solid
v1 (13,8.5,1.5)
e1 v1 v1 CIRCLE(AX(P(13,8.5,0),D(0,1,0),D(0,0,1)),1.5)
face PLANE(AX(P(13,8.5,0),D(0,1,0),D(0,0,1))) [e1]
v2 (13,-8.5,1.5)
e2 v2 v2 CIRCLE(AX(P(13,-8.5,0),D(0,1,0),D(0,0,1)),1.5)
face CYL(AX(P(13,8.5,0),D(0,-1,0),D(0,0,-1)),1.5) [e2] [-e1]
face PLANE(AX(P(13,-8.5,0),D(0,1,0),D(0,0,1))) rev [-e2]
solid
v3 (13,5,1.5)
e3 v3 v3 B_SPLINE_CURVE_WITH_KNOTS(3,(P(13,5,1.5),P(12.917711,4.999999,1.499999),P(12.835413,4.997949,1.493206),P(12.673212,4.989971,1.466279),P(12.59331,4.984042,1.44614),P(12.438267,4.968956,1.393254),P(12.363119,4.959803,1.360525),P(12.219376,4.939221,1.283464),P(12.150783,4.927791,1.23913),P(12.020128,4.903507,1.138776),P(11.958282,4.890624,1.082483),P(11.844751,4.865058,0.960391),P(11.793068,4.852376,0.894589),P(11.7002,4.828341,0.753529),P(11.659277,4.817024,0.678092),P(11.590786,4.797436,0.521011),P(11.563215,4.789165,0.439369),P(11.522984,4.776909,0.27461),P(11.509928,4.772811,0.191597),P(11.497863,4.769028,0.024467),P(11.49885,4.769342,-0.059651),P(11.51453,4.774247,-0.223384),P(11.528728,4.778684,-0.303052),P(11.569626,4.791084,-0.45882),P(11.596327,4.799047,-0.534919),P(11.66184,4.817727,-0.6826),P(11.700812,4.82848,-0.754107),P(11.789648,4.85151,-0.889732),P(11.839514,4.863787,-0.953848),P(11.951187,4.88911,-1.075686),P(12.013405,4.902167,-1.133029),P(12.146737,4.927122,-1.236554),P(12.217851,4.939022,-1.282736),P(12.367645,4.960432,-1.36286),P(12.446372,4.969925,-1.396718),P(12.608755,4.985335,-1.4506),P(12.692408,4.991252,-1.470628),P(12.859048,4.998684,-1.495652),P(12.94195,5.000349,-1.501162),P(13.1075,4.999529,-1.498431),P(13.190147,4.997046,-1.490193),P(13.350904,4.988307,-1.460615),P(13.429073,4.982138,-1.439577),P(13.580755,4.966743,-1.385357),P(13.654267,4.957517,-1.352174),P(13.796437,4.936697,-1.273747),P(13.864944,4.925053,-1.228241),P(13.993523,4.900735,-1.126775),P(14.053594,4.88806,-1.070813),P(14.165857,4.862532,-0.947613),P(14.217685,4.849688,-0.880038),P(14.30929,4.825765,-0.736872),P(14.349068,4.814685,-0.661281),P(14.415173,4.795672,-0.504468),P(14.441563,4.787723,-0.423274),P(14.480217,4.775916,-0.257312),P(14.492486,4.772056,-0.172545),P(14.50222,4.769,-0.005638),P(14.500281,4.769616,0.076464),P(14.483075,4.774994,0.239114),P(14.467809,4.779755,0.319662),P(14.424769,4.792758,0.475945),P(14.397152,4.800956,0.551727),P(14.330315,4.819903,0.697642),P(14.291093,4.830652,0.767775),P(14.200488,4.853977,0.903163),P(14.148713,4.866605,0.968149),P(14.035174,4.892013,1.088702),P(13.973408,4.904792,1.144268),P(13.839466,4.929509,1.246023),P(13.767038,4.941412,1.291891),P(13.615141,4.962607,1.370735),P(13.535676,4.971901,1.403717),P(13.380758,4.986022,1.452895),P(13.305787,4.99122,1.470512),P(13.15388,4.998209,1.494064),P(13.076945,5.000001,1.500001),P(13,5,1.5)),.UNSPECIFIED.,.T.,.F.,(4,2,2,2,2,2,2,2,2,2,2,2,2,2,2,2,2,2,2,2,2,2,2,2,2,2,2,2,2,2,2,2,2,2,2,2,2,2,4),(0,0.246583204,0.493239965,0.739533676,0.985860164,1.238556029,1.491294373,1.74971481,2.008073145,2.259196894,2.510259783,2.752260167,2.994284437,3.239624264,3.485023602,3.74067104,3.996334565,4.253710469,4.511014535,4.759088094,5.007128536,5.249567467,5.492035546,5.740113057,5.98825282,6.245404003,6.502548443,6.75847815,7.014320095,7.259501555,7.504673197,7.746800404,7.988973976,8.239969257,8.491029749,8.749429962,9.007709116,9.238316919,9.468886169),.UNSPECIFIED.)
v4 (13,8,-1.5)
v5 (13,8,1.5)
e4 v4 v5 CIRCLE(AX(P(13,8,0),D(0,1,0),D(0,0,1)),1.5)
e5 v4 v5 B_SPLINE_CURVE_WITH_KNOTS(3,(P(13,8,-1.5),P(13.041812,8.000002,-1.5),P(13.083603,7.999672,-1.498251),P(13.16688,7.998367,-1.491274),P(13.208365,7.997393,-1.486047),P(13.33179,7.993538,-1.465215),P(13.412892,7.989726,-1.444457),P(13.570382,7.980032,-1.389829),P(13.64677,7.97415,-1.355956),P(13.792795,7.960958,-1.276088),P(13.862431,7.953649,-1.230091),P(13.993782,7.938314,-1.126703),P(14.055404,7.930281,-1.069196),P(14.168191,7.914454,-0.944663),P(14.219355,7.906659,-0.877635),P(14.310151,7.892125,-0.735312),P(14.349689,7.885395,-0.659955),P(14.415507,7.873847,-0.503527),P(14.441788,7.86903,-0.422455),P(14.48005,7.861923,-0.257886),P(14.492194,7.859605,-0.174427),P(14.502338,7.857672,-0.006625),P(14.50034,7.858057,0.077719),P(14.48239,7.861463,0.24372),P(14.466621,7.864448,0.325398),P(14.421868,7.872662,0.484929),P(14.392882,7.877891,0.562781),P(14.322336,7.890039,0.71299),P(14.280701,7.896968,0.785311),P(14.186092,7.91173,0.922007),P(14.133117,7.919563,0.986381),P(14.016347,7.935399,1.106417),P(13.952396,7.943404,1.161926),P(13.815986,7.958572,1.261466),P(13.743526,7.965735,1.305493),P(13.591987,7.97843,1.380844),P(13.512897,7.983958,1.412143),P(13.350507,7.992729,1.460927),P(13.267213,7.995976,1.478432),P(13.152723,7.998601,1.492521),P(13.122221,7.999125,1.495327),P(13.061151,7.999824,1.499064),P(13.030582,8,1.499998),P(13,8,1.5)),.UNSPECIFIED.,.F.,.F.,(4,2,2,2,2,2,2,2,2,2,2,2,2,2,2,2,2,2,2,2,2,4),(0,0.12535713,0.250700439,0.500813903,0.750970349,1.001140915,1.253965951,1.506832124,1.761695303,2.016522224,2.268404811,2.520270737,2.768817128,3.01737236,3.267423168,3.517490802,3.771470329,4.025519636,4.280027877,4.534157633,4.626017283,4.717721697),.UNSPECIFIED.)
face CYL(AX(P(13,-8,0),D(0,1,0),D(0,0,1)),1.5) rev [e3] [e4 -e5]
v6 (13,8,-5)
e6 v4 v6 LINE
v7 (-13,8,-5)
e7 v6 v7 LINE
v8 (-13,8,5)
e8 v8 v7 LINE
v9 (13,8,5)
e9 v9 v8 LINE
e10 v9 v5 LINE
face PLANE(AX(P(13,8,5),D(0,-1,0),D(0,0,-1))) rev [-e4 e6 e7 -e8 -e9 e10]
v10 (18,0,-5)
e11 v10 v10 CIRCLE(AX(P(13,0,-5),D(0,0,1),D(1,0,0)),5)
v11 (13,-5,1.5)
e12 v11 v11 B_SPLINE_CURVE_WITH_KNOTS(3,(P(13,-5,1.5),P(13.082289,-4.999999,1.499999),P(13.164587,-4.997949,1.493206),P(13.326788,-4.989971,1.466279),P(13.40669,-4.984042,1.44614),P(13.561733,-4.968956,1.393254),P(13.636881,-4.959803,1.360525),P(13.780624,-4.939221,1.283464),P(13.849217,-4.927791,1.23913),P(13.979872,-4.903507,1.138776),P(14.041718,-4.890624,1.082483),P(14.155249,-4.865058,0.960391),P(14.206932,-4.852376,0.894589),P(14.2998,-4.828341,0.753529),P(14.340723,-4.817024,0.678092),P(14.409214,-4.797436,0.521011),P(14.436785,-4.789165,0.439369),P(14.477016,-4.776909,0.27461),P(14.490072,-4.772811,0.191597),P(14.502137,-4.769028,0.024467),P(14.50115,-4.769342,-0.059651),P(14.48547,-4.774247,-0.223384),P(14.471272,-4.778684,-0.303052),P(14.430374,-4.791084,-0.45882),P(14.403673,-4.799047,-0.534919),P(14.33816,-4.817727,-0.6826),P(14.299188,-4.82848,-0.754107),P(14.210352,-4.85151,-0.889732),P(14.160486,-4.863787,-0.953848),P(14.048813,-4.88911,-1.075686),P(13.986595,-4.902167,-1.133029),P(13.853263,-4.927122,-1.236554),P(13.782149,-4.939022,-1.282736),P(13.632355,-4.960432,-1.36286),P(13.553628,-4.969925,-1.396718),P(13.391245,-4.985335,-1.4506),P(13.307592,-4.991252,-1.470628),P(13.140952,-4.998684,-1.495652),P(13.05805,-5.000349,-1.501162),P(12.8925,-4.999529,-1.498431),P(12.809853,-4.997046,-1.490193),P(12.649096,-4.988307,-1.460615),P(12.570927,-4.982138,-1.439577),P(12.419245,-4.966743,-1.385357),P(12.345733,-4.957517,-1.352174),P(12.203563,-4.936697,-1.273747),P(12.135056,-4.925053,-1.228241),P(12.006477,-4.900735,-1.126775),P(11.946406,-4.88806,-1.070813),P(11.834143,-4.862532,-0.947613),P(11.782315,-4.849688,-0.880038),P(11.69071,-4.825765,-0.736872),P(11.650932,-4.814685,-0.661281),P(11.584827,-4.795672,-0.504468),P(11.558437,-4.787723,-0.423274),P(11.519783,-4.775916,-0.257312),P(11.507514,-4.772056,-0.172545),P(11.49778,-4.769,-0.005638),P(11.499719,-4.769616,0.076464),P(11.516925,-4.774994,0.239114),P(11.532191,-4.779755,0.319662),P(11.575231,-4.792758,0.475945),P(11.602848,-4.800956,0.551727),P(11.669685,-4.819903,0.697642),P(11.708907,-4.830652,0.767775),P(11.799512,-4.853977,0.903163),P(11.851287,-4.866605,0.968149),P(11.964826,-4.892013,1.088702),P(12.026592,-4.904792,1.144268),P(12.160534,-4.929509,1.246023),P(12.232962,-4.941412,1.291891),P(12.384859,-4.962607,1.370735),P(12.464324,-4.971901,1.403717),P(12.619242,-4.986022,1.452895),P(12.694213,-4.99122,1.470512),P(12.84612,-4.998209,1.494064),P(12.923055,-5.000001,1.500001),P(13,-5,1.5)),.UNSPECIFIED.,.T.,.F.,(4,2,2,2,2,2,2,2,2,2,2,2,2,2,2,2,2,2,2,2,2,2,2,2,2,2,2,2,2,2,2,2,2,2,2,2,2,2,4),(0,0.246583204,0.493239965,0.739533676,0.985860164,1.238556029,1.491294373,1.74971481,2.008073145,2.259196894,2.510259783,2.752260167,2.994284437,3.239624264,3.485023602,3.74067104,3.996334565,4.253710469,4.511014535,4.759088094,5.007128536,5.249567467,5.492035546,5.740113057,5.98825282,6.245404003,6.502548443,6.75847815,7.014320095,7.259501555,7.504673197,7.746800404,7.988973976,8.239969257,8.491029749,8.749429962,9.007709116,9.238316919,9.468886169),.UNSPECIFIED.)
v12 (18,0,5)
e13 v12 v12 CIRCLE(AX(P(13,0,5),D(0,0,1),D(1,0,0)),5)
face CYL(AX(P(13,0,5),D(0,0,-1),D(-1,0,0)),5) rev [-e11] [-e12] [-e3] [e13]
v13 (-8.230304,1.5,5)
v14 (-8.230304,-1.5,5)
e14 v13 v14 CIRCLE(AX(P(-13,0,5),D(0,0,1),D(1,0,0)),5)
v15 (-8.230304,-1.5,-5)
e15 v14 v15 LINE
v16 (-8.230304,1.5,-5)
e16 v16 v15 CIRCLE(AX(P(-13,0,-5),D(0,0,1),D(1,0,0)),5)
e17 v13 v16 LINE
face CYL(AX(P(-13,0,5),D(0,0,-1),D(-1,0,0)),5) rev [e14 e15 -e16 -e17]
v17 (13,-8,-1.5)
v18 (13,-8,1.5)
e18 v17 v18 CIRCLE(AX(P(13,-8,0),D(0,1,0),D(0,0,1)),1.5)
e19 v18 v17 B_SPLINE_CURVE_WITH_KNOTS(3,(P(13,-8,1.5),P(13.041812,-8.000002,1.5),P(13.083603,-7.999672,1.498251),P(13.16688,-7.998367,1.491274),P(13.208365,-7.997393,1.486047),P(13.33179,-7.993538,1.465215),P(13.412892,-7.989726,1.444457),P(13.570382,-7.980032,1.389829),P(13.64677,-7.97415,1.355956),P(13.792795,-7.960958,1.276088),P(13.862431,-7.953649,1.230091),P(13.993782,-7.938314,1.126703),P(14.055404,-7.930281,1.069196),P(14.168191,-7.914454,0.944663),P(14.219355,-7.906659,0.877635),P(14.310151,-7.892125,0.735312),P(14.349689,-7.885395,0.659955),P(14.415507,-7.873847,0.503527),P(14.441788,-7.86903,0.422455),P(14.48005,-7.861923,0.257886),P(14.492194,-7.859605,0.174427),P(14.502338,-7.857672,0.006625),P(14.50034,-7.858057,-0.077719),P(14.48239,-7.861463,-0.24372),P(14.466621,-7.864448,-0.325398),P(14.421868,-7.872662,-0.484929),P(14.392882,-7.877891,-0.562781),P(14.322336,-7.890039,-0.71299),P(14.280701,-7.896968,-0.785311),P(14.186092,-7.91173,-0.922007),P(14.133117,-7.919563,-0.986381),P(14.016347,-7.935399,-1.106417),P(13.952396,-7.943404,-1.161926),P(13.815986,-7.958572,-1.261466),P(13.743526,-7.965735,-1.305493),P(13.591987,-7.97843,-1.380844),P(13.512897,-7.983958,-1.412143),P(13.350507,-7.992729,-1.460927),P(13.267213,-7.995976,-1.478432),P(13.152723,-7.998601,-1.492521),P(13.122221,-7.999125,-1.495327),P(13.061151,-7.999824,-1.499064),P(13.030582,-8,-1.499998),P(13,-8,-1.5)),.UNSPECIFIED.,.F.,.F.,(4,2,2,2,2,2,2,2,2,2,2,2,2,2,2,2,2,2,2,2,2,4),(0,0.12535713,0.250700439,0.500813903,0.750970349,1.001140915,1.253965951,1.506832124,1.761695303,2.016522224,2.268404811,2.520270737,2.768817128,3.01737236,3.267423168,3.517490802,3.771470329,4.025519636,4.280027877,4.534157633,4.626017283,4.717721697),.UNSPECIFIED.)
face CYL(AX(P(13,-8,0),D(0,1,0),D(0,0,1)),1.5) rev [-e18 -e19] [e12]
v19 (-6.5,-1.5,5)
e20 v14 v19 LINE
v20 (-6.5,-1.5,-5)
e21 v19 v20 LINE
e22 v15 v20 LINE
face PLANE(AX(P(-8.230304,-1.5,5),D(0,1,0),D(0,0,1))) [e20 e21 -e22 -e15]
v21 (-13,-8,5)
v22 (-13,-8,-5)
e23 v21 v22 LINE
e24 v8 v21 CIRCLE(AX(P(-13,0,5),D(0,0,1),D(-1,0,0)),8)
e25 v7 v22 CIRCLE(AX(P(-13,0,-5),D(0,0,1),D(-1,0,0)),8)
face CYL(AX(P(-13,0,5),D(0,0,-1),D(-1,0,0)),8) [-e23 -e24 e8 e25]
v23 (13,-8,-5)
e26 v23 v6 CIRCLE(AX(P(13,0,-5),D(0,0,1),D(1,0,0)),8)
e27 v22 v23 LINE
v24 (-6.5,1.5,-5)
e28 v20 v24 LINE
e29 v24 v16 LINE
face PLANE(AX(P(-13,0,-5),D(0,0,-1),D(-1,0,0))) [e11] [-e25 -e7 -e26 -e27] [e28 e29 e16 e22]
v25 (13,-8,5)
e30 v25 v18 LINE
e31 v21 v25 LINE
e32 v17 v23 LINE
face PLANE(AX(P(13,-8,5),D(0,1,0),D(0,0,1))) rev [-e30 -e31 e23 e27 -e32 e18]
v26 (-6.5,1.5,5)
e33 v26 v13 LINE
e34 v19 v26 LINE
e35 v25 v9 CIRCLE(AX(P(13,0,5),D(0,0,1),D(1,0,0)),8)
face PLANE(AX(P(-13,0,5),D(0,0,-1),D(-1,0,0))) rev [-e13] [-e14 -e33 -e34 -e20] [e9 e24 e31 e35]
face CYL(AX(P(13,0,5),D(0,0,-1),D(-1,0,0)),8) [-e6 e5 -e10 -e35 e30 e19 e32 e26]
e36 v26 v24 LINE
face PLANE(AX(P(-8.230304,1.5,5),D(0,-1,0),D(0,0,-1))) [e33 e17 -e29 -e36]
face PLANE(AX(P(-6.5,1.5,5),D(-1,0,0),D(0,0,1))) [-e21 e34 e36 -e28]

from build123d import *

# Parameters (mm, degrees)
SKETCH1_R               = 5
BOSS_EXTRUDE1_DEPTH     = 5
CUT_EXTRUDE1_DEPTH      = 24.021728866
CUT_EXTRUDE1_DEPTH_BACK = 24.021728866
SKETCH2_R               = 1.5
SKETCH2_2_R             = 1.5
BOSS_EXTRUDE2_DEPTH     = 8.5


with BuildPart() as part:
    # Sketch1 → Boss-Extrude1 (new, symmetric)
    with BuildSketch(Plane.XY):
        with BuildLine():
            Line((13, 8), (-13, 8))
            ThreePointArc((-13, 8), (-21, 0), (-13, -8))
            Line((-13, -8), (13, -8))
            ThreePointArc((13, -8), (21, 0), (13, 8))
        make_face()
        with Locations((13, 0)):
            Circle(SKETCH1_R, mode=Mode.SUBTRACT)
        with BuildLine():
            Line((-8.230303993, 1.5), (-6.5, 1.5))
            Line((-6.5, 1.5), (-6.5, -1.5))
            Line((-6.5, -1.5), (-8.230303993, -1.5))
            ThreePointArc((-8.230303993, -1.5), (-18, 0), (-8.230303993, 1.5))
        make_face(mode=Mode.SUBTRACT)
    extrude(amount=BOSS_EXTRUDE1_DEPTH, both=True)

    # Sketch2 → Cut-Extrude1 (cut, two sides: drawn at the far end of the back side and taken through both)
    with BuildSketch(Plane(origin=(0, 0, 0), x_dir=(1, 0, 0), z_dir=(0, 1, 0)).offset(-CUT_EXTRUDE1_DEPTH_BACK)):
        with Locations((13, 0)):
            Circle(SKETCH2_R)
    extrude(amount=CUT_EXTRUDE1_DEPTH + CUT_EXTRUDE1_DEPTH_BACK, mode=Mode.SUBTRACT)


with BuildPart() as body_2:
    # Sketch2<2> → Boss-Extrude2 (new, symmetric)
    with BuildSketch(Plane(origin=(0, 0, 0), x_dir=(1, 0, 0), z_dir=(0, 1, 0))):
        with Locations((13, 0)):
            Circle(SKETCH2_2_R)
    extrude(amount=BOSS_EXTRUDE2_DEPTH, both=True)


solid = Compound([part.part, body_2.part])
